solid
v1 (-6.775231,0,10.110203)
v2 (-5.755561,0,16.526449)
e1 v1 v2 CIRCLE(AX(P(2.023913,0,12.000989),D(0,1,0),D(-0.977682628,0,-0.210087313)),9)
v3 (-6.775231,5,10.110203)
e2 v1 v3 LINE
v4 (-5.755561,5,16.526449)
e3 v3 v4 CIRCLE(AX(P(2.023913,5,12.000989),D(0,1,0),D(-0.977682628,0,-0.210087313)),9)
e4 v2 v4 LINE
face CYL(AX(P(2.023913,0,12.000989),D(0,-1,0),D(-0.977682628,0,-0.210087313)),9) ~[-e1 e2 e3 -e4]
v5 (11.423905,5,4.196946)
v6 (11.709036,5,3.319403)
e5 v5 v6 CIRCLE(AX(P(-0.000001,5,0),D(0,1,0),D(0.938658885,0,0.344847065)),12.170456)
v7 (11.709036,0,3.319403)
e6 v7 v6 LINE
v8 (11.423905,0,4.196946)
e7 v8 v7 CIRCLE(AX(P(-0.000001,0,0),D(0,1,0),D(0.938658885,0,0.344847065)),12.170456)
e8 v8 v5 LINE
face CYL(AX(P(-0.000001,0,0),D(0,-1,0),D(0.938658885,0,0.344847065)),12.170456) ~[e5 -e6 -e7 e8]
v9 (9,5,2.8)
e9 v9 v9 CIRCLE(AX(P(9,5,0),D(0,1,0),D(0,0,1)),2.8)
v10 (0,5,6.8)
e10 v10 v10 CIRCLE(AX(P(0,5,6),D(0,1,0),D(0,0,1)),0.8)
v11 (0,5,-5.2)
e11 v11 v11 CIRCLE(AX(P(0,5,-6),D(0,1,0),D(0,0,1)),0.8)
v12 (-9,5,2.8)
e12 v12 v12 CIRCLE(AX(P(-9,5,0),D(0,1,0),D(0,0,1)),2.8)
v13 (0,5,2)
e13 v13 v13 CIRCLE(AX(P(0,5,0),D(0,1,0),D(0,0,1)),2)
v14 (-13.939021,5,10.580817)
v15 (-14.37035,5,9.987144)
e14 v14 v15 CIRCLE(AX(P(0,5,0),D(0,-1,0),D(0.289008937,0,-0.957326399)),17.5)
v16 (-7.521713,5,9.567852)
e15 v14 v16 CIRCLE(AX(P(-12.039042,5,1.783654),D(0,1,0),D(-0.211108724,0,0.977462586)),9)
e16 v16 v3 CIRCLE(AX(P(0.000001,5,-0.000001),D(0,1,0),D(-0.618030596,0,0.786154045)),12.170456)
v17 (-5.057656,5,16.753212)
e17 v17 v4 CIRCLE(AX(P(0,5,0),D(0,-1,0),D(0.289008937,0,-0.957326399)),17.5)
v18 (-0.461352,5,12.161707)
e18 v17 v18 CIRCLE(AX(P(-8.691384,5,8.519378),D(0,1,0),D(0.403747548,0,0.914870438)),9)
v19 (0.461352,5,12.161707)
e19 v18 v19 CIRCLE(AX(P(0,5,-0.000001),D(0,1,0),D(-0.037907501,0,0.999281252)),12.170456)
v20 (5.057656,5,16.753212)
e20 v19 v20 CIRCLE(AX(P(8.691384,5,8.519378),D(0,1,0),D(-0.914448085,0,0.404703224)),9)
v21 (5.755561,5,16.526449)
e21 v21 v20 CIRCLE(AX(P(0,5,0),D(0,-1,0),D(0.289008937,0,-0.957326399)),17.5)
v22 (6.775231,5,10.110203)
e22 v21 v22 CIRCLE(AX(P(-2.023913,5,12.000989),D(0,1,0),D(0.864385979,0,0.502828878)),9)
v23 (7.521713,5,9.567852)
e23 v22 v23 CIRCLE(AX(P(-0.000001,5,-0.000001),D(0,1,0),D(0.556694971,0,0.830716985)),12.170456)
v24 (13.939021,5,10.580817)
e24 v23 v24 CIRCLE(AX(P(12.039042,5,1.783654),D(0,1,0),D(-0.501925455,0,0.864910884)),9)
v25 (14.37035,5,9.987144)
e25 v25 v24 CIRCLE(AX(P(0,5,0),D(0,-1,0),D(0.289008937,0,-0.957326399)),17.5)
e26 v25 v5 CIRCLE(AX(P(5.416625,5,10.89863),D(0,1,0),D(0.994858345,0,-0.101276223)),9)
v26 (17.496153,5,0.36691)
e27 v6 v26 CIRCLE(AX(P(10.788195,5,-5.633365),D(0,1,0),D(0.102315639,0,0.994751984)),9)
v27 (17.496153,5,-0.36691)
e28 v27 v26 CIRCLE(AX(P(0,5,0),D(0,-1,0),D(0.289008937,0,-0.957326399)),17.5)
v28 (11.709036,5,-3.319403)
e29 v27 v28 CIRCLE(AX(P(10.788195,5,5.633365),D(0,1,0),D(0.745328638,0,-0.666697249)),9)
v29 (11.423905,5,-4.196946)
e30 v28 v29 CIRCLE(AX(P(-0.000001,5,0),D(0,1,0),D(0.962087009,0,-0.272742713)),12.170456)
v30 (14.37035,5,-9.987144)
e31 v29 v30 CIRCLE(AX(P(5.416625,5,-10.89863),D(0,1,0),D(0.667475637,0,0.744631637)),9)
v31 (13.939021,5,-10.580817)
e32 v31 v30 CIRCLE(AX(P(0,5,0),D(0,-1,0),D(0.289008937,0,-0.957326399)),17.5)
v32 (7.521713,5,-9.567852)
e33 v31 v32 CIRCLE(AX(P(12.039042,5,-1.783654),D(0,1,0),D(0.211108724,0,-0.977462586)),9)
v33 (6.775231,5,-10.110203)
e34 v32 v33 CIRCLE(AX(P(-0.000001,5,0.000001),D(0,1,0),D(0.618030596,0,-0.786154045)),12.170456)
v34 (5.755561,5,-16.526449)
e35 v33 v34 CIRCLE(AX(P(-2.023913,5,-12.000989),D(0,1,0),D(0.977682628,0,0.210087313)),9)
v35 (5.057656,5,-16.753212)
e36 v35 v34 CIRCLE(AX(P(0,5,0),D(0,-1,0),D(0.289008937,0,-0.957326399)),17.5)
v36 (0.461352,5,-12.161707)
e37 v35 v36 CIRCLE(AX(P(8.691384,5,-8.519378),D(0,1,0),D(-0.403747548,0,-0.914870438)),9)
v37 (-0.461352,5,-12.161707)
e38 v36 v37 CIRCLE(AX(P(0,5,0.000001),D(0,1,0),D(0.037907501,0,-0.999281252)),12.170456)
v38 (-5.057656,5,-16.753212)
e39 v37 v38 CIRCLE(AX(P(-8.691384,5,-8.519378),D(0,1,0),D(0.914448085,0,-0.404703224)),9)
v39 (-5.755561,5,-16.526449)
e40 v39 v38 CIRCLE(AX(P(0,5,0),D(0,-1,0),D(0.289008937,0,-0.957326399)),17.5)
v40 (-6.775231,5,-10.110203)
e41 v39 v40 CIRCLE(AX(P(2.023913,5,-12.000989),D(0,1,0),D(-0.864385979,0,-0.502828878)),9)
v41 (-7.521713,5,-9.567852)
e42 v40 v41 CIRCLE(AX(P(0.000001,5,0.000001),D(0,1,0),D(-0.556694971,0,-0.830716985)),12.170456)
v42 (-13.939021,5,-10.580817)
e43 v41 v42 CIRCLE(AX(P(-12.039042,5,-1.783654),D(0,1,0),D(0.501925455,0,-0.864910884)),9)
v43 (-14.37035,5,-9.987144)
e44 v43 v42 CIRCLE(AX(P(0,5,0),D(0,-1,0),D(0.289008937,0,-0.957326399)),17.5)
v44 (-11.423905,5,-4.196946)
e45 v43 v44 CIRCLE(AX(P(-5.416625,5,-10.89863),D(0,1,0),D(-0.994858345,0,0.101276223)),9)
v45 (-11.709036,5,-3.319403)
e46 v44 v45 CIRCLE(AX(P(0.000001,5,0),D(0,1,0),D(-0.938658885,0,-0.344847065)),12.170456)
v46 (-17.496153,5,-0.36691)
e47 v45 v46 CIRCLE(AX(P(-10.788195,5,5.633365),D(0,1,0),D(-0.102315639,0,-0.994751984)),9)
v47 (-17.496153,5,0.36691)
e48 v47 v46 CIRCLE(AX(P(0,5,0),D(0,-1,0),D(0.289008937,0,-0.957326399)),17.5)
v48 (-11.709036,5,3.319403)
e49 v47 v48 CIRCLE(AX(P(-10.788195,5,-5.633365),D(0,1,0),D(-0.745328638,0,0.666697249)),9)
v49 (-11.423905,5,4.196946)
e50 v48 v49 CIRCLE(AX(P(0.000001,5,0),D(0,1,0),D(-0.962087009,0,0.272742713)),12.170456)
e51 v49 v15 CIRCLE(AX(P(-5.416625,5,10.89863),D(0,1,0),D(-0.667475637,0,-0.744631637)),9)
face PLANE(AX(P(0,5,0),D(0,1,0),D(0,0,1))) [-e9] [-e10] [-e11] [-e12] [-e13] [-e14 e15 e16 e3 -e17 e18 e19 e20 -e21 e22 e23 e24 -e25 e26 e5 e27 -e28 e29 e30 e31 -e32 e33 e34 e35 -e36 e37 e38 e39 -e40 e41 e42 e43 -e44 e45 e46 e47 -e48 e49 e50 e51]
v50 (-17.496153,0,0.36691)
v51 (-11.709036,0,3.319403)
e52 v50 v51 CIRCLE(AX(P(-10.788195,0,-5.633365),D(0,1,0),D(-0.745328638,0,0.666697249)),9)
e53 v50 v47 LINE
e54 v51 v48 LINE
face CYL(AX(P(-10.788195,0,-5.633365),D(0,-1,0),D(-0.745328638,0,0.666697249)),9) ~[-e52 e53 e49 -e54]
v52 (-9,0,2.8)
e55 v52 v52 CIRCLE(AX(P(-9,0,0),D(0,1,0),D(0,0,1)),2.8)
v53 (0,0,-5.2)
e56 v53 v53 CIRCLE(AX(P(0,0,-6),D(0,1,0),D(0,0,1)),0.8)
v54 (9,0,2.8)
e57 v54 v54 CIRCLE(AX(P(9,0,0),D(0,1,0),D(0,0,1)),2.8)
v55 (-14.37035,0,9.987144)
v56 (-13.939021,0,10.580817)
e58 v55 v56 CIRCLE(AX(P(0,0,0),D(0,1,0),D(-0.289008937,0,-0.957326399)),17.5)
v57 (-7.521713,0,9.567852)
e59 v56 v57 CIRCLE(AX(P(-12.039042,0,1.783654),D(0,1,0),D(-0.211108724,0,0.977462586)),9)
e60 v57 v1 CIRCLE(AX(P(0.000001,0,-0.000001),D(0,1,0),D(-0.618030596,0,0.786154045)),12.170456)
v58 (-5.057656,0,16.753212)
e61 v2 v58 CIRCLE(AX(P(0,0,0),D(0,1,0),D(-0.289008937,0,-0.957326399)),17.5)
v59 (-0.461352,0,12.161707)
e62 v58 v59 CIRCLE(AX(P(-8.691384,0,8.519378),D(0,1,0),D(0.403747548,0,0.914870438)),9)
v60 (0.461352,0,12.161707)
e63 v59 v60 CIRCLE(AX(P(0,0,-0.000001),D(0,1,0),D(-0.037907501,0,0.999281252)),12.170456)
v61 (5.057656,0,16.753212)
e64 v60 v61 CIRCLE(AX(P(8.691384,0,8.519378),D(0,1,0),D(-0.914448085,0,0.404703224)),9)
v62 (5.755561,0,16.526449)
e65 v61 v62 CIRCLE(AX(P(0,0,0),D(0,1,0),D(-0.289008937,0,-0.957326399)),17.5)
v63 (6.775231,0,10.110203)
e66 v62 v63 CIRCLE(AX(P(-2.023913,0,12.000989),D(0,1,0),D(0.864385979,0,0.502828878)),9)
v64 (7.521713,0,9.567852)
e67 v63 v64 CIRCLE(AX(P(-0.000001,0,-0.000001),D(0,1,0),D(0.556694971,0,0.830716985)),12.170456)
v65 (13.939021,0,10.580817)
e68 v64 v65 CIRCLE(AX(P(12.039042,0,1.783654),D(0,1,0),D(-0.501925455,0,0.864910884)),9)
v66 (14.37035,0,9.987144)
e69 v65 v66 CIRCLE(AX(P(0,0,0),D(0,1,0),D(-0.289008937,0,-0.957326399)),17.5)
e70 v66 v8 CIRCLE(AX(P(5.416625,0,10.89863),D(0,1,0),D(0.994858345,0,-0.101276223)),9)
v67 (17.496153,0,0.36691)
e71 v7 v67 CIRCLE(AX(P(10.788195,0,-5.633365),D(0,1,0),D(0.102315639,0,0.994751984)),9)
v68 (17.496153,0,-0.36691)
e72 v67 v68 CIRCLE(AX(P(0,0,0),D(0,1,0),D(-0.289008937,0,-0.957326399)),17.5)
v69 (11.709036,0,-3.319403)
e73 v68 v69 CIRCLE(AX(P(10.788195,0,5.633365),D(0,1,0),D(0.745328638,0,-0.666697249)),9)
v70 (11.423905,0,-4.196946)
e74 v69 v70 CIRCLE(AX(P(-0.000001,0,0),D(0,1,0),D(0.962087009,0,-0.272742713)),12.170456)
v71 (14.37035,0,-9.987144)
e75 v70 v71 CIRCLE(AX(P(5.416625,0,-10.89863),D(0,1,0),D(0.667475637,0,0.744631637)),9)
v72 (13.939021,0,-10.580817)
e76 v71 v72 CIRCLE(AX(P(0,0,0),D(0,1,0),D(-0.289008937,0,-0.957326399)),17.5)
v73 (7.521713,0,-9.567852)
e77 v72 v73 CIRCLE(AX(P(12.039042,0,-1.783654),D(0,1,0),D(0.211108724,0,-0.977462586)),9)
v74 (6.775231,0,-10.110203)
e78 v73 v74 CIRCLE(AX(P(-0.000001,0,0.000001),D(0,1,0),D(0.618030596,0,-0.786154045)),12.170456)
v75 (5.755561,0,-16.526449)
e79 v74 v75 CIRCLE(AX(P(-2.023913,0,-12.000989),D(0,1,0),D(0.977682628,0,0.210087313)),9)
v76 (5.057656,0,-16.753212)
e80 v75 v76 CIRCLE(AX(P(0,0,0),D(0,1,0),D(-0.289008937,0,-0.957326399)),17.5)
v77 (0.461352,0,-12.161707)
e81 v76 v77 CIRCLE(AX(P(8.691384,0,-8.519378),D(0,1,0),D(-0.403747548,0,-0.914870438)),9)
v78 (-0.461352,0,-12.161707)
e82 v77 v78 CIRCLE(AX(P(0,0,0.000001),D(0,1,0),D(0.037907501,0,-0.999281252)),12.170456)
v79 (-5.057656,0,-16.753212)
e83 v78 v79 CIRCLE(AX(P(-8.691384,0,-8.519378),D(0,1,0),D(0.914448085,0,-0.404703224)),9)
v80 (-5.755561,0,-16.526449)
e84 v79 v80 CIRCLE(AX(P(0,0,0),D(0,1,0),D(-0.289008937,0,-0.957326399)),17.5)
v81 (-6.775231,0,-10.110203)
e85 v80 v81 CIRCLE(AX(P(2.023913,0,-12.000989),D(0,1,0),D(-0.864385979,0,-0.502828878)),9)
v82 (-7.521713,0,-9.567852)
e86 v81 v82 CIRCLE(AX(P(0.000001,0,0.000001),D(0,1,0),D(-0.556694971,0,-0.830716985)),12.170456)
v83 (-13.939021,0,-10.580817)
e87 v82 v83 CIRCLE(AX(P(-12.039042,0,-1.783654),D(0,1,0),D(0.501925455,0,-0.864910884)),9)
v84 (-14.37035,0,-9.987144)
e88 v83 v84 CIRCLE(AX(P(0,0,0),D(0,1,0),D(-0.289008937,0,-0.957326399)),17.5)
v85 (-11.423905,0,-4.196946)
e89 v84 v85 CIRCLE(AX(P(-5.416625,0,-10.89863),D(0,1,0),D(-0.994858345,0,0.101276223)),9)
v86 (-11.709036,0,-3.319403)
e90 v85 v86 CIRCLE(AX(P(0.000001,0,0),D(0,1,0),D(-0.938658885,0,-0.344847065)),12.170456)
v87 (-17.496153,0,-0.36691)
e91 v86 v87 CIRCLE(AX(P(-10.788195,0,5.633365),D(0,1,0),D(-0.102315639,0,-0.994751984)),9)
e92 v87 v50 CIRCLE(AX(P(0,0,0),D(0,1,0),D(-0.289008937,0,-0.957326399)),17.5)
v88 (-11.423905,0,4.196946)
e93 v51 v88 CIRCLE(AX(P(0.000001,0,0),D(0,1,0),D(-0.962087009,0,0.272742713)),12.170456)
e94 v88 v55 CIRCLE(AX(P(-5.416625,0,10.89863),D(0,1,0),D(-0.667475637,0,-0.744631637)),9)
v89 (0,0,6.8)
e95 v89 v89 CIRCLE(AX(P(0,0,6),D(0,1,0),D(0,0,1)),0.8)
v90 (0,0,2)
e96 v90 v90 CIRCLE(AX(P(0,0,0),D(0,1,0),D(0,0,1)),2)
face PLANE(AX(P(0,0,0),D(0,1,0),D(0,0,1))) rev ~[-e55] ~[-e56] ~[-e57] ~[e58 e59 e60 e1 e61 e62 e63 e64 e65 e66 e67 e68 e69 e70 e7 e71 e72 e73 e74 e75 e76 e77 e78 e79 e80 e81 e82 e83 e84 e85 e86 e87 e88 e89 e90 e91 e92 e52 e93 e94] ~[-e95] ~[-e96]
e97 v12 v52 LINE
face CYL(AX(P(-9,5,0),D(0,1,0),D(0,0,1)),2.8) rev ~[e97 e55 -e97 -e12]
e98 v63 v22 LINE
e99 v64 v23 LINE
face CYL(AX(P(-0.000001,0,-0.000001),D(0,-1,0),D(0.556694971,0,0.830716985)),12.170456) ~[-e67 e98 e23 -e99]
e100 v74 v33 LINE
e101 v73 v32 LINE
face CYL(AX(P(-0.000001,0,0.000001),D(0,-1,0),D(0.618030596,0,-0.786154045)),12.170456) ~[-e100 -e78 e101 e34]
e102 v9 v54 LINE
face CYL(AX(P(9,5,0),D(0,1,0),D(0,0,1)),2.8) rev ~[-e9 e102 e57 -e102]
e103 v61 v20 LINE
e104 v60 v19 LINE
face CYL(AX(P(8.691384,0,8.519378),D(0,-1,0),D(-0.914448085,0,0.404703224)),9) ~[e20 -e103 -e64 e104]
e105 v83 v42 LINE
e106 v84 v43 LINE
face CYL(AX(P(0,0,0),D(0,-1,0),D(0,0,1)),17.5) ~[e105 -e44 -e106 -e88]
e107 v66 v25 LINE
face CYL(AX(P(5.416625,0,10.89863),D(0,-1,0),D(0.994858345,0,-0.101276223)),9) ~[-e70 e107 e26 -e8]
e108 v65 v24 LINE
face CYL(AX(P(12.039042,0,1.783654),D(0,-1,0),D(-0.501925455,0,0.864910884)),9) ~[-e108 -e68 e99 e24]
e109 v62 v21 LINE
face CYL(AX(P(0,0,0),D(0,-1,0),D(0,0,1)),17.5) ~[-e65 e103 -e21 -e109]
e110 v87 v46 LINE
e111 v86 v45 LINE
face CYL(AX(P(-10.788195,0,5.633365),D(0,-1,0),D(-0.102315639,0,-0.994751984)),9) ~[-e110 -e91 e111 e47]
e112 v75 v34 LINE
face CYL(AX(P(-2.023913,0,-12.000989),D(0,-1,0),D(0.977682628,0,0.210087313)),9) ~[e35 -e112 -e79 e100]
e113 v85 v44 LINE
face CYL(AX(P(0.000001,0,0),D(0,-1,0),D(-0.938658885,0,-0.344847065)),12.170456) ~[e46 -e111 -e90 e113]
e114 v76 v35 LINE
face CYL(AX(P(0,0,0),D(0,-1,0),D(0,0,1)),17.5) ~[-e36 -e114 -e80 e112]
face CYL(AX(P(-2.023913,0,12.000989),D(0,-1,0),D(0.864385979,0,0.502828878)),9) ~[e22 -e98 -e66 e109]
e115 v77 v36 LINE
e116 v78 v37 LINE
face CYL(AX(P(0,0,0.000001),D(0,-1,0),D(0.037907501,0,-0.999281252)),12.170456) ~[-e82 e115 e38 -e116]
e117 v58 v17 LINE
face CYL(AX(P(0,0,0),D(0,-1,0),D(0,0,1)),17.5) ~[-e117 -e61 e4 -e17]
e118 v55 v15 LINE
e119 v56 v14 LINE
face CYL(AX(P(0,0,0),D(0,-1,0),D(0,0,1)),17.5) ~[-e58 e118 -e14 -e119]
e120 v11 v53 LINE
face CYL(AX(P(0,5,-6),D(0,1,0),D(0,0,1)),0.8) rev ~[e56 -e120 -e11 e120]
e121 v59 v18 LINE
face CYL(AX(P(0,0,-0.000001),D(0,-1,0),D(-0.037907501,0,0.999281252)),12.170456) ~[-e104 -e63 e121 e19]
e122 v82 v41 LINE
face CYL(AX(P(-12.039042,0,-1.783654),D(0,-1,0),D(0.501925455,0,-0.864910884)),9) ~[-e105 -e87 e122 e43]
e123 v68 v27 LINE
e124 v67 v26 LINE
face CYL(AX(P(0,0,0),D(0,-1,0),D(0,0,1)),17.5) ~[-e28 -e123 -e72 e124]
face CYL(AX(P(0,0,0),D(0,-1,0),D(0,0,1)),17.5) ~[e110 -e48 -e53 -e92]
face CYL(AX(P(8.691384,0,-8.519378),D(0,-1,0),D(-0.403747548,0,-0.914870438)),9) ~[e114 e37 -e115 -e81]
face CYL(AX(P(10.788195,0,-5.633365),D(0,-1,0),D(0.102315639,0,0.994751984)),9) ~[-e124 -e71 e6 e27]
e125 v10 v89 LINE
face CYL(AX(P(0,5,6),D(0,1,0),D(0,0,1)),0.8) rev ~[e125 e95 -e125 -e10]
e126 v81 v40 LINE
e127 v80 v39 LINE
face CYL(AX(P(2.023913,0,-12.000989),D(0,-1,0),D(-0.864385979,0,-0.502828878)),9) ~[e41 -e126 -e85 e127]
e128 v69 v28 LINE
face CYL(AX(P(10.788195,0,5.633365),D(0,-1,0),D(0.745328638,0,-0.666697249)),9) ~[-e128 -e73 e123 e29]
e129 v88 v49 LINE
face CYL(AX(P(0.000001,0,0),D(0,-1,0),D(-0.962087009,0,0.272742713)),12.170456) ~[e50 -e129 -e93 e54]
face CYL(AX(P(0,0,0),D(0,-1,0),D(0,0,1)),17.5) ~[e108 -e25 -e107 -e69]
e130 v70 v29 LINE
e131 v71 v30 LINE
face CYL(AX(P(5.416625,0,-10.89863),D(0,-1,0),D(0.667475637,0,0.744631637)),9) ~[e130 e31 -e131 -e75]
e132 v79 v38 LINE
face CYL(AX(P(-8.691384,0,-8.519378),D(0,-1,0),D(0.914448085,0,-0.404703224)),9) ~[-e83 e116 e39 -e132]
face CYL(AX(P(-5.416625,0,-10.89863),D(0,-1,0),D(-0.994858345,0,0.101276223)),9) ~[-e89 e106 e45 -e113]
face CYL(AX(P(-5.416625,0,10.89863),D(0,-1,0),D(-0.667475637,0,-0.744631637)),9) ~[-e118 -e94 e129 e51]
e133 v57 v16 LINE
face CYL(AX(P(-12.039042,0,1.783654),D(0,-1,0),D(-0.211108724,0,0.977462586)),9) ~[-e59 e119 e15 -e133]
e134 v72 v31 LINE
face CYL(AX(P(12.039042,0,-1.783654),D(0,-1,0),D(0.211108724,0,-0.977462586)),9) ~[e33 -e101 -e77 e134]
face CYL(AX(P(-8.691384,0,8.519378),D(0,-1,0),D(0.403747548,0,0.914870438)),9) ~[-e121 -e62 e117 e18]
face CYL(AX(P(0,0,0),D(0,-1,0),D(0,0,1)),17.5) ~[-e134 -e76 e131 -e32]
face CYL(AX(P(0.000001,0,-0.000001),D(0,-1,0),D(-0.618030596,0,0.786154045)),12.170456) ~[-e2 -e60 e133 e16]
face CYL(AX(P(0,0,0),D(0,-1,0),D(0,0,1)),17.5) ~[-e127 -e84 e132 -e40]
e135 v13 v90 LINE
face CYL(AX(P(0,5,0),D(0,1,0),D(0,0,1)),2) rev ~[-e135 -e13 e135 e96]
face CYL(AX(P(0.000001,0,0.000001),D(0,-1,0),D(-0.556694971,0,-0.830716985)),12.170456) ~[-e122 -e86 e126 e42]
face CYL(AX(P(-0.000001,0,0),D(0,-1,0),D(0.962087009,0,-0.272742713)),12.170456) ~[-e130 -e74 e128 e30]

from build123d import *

# Parameters (mm, degrees)
SKETCH1_R           = 17.5
BOSS_EXTRUDE1_DEPTH = 5
CUT_EXTRUDE1_START  = -5
CUT_EXTRUDE1_DEPTH  = 5
CIRPATTERN1_COUNT   = 10
SKETCH3_R           = 2
CUT_EXTRUDE2_DEPTH  = 5
SKETCH4_R           = 0.8
SKETCH4_R_2         = 2.8
CUT_EXTRUDE3_DEPTH  = 5


with BuildPart() as part:
    # Sketch1 → Boss-Extrude1 (new body)
    with BuildSketch(Plane(origin=(0, 0, 0), x_dir=(1, 0, 0), z_dir=(0, 1, 0))):
        with Locations(Location((0, 0, 0), (0, 0, 270))):
            Circle(SKETCH1_R)
    extrude(amount=BOSS_EXTRUDE1_DEPTH)

    # Sketch2 → Cut-Extrude1 (cut)
    with BuildSketch(Plane(origin=(0, 5, 0), x_dir=(1, 0, 0), z_dir=(0, 1, 0)).offset(CUT_EXTRUDE1_START)):
        with BuildLine():
            ThreePointArc((-0.461351562, 12.161707059), (-2.330748839, 14.886662879), (-5.057656399, 16.753211983))
            ThreePointArc((-5.057656399, 16.753211983), (0, 17.5), (5.057656399, 16.753211983))
            ThreePointArc((5.057656399, 16.753211983), (2.330748839, 14.886662879), (0.461351562, 12.161707059))
            ThreePointArc((0.461351562, 12.161707059), (0, 12.170454545), (-0.461351562, 12.161707059))
        make_face()
    cut_extrude1 = extrude(amount=CUT_EXTRUDE1_DEPTH, mode=Mode.SUBTRACT)

    # CirPattern1: Cut-Extrude1 ×10 about axis
    cirpattern1_axis = Axis((0, 0, 0), (0, 1, 0))
    for i in range(1, CIRPATTERN1_COUNT):
        add(cut_extrude1.rotate(cirpattern1_axis, i * 360 / CIRPATTERN1_COUNT), mode=Mode.SUBTRACT)

    # Sketch3 → Cut-Extrude2 (cut)
    with BuildSketch(Plane(origin=(0, 5, 0), x_dir=(1, 0, 0), z_dir=(0, 1, 0))):
        with Locations(Location((0, 0, 0), (0, 0, 270))):
            Circle(SKETCH3_R)
    extrude(amount=-CUT_EXTRUDE2_DEPTH, mode=Mode.SUBTRACT)

    # Sketch4 → Cut-Extrude3 (cut)
    with BuildSketch(Plane(origin=(0, 5, 0), x_dir=(1, 0, 0), z_dir=(0, 1, 0))):
        with Locations(Location((0, 6, 0), (0, 0, 270))):
            Circle(SKETCH4_R)
        with Locations(Location((0, -6, 0), (0, 0, 270))):
            Circle(SKETCH4_R)
        with Locations(Location((-9, 0, 0), (0, 0, 270))):
            Circle(SKETCH4_R_2)
        with Locations(Location((9, 0, 0), (0, 0, 270))):
            Circle(SKETCH4_R_2)
    extrude(amount=-CUT_EXTRUDE3_DEPTH, mode=Mode.SUBTRACT)


solid = part.part
